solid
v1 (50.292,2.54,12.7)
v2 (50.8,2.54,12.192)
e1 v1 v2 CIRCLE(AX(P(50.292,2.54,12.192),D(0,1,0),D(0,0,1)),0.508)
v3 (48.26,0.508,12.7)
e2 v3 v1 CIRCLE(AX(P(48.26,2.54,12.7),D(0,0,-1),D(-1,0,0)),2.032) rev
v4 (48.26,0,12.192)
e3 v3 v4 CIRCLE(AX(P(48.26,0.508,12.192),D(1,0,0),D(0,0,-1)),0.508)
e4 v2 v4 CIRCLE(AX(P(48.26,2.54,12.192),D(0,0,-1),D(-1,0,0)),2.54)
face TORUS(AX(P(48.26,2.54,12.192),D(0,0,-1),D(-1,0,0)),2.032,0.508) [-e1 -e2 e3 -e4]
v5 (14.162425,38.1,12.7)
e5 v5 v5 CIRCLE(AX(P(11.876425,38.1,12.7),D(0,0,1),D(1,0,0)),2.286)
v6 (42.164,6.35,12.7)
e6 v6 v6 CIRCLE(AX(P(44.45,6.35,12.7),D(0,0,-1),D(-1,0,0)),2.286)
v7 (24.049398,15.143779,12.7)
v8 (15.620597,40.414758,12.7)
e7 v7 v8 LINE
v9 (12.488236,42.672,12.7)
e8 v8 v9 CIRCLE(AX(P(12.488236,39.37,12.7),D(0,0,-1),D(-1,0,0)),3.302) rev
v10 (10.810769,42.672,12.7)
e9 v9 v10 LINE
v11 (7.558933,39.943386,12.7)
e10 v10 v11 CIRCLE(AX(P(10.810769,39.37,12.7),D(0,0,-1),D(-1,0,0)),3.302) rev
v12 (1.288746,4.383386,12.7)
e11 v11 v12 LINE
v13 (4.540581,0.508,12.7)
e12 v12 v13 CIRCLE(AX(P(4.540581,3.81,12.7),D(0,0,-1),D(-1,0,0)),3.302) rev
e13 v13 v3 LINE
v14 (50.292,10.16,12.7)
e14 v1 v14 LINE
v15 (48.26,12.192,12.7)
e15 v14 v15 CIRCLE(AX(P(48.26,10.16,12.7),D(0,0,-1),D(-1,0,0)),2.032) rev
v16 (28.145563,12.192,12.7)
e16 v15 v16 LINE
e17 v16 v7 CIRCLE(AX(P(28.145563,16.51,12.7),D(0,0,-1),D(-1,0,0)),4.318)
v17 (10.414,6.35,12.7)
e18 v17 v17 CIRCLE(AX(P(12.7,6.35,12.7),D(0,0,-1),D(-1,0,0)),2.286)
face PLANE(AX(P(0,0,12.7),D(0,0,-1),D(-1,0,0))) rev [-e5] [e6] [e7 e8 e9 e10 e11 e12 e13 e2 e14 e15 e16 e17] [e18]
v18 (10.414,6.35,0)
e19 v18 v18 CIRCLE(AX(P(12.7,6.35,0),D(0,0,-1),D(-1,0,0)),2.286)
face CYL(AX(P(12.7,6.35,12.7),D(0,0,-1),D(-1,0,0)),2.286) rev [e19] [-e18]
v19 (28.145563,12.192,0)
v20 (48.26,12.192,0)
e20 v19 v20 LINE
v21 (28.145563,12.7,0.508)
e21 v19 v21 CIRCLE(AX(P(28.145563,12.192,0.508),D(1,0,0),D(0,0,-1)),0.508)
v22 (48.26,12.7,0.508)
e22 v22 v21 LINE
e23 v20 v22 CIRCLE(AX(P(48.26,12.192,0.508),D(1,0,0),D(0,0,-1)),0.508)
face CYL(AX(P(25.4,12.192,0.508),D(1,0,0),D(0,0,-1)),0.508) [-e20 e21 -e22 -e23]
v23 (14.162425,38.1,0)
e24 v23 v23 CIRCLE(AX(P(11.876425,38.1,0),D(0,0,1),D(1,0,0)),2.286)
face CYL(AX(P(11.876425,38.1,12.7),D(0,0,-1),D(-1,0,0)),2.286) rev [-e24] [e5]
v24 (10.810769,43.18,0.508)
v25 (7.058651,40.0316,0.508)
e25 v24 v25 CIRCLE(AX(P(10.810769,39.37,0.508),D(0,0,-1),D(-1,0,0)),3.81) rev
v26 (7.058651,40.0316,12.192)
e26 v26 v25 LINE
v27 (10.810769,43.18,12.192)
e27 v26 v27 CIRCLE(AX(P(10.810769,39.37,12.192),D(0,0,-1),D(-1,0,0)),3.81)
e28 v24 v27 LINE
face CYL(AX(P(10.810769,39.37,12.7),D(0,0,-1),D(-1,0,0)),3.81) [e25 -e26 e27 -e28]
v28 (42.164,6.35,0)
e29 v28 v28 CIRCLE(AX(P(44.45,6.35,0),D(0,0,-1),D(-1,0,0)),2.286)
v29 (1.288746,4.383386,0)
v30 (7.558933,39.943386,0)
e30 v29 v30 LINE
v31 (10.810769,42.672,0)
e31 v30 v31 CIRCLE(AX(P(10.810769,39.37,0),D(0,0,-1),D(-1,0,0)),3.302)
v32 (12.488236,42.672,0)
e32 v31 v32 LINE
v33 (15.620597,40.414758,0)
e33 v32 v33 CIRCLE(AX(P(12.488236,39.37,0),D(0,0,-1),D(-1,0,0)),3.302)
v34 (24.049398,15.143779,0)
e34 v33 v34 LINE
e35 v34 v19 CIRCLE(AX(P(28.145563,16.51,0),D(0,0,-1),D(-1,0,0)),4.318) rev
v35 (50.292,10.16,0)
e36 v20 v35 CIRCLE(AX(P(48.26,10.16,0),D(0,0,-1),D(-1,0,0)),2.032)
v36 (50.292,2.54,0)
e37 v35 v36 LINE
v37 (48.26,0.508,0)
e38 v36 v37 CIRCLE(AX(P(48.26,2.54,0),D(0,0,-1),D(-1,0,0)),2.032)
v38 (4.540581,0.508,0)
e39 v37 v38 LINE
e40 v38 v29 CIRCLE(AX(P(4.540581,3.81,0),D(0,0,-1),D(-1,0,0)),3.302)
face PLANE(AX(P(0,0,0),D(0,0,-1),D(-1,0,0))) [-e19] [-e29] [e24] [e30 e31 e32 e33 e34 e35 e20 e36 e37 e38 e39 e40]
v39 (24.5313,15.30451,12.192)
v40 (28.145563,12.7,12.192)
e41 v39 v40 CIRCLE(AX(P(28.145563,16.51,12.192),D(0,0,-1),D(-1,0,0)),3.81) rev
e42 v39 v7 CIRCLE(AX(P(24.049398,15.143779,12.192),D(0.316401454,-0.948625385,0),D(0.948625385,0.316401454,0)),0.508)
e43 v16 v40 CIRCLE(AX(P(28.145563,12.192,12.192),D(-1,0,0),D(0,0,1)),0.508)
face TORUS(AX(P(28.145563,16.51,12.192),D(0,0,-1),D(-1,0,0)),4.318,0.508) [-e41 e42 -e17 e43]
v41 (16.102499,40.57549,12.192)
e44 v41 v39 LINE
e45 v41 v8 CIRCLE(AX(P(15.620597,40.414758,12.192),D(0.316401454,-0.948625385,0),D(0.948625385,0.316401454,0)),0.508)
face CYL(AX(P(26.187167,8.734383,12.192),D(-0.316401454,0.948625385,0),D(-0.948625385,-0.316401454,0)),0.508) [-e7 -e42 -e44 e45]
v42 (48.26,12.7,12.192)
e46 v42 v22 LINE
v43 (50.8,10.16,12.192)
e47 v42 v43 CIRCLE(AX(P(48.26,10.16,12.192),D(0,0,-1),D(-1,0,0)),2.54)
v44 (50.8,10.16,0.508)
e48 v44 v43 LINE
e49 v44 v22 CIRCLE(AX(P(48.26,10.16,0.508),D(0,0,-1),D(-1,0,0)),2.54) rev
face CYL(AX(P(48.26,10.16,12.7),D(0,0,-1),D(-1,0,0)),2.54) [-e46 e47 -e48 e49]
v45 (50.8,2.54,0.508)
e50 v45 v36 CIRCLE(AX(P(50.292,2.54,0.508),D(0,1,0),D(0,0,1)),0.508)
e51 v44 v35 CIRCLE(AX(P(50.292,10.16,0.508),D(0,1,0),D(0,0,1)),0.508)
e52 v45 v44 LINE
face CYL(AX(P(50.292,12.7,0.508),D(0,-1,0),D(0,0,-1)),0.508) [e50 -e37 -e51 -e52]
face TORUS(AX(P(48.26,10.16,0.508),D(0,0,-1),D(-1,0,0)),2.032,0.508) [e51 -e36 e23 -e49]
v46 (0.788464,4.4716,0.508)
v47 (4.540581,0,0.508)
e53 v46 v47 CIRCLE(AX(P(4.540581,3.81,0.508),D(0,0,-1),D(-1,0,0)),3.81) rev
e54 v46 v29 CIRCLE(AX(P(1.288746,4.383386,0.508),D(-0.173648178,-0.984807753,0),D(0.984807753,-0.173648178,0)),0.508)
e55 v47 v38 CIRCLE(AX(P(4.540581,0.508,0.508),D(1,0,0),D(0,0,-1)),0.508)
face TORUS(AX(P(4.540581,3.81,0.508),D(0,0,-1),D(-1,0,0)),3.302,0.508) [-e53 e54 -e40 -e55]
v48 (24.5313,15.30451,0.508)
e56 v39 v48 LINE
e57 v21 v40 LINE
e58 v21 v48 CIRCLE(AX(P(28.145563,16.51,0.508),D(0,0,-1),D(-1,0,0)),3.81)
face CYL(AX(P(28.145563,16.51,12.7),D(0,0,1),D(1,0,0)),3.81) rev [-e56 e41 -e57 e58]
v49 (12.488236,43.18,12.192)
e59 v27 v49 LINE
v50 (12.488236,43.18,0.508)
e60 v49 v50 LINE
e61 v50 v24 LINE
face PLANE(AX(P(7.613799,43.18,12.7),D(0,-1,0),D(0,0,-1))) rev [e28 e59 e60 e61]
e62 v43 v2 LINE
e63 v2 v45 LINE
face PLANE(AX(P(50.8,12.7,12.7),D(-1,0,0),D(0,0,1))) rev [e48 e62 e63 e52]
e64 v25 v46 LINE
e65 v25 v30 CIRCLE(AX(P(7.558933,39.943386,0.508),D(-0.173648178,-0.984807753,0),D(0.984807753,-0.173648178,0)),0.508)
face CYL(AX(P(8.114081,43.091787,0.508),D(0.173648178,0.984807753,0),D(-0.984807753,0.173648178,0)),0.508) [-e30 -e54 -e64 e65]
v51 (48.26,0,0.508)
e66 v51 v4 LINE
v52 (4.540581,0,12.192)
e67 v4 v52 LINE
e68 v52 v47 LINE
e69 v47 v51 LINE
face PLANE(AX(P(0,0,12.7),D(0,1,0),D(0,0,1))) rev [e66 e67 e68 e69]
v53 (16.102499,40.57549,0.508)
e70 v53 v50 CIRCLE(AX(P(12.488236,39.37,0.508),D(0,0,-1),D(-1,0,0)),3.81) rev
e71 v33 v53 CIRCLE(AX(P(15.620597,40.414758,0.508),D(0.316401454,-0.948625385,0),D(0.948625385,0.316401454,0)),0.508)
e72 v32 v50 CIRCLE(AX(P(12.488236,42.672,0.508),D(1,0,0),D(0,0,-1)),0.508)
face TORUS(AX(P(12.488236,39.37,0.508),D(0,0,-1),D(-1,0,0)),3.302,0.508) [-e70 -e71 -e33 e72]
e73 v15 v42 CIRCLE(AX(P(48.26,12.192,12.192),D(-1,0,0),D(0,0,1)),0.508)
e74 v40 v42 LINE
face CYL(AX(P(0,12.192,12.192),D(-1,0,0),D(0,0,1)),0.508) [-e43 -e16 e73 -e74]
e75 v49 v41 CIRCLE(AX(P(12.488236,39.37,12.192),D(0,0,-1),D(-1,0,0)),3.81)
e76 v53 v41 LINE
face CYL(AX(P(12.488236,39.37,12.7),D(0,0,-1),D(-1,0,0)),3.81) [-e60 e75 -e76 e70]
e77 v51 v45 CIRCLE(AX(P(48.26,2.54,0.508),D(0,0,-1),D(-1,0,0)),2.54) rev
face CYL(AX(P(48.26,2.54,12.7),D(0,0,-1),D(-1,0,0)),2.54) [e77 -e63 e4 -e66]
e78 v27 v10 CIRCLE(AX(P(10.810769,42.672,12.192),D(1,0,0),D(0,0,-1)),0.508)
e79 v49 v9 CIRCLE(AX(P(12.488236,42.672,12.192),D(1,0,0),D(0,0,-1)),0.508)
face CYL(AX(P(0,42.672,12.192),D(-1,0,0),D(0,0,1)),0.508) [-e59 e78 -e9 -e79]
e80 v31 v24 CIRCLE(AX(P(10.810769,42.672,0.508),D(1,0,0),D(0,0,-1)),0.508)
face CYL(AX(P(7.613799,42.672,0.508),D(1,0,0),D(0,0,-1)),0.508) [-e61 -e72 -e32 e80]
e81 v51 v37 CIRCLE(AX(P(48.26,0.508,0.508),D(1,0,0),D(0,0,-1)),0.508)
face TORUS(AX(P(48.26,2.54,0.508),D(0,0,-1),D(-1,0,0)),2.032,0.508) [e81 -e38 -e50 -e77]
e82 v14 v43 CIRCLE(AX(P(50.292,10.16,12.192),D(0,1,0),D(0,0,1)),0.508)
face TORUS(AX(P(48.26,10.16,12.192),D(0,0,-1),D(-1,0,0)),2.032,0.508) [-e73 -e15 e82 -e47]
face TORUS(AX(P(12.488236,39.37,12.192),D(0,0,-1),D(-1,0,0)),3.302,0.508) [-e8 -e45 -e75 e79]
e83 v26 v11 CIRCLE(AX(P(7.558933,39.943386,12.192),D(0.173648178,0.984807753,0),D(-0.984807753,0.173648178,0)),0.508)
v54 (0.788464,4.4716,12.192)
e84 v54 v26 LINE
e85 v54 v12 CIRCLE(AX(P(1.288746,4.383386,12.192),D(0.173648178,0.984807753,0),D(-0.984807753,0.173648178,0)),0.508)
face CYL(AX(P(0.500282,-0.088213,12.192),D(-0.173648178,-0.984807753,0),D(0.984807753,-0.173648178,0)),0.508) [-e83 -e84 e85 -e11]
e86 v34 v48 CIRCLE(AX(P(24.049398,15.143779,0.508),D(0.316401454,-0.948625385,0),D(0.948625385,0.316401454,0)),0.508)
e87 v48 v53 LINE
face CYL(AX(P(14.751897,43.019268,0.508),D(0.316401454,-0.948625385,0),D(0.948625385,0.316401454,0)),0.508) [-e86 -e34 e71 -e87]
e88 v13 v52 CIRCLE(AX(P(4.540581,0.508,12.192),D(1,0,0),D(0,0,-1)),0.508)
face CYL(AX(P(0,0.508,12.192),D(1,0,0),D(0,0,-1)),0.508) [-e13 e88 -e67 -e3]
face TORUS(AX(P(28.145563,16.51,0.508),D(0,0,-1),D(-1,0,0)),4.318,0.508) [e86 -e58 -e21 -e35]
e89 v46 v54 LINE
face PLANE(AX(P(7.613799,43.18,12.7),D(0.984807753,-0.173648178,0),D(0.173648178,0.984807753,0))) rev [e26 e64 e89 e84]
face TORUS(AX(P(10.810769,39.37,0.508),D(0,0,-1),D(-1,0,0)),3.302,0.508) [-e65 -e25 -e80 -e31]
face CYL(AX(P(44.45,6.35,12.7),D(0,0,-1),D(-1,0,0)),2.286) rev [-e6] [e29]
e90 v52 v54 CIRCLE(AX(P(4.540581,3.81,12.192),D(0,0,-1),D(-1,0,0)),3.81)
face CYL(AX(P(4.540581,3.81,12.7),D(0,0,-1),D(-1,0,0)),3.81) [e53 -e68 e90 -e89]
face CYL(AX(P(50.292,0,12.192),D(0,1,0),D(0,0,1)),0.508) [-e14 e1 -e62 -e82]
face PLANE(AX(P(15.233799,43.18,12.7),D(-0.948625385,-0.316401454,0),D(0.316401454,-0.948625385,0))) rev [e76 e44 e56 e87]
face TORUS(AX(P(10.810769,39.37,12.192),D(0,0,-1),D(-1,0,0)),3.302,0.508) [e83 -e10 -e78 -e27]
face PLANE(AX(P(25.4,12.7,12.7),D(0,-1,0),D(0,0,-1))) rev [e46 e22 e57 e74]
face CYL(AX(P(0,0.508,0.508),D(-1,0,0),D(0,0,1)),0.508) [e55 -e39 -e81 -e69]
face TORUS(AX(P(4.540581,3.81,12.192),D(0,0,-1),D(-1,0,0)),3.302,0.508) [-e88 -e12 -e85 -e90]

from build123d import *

# Parameters (mm, degrees)
SKETCH1_R           = 2.286
BOSS_EXTRUDE1_DEPTH = 12.7
FILLET2_R           = 3.81
FILLET3_R           = 2.54
SKETCH6_R           = 2.286
CUT_EXTRUDE4_DEPTH  = 68.870777217
FILLET4_R           = 0.508


with BuildPart() as part:
    # Sketch1 → Boss-Extrude1 (new body)
    with BuildSketch(Plane.XY):
        Polygon((7.613799027, 43.18), (0, 0), (50.8, 0), (50.8, 12.7), (25.4, 12.7), (15.233799027, 43.18), align=None)
        with Locations((11.876425153, 38.1)):
            Circle(SKETCH1_R, mode=Mode.SUBTRACT)
    extrude(amount=BOSS_EXTRUDE1_DEPTH)

    # Fillet2
    fillet2_edges = [part.edges().sort_by_distance(p)[0] for p in [
        (0, 0, 6.35),
        (7.613799027, 43.18, 6.35),
        (15.233799027, 43.18, 6.35),
        (25.4, 12.7, 6.35),
    ]]
    fillet(fillet2_edges, radius=FILLET2_R)

    # Fillet3
    fillet3_edges = [part.edges().sort_by_distance(p)[0] for p in [
        (50.8, 12.7, 6.35),
        (50.8, 0, 6.35),
    ]]
    fillet(fillet3_edges, radius=FILLET3_R)

    # Sketch6 → Cut-Extrude4 (cut, through all)
    with BuildSketch(Plane(origin=(0, 0, 0), x_dir=(-1, 0, 0), z_dir=(0, 0, -1))):
        with Locations((-44.45, 6.35)):
            Circle(SKETCH6_R)
        with Locations((-12.7, 6.35)):
            Circle(SKETCH6_R)
    extrude(amount=-CUT_EXTRUDE4_DEPTH, mode=Mode.SUBTRACT)

    # Fillet4
    fillet4_edges = [part.edges().sort_by_distance(p)[0] for p in [
        (11.64950248, 43.18, 0),
        (11.64950248, 43.18, 12.7),
        (26.400290594, 0, 0),
        (3.923557366, 22.251599557, 0),
        (20.316899513, 27.94, 0),
        (8.361747829, 42.288629328, 0),
        (1.62195186, 1.360979207, 0),
        (14.715699565, 42.46103665, 0),
        (20.316899513, 27.94, 12.7),
        (26.400290594, 0, 12.7),
        (3.923557366, 22.251599557, 12.7),
        (8.361747829, 42.288629328, 12.7),
        (1.62195186, 1.360979207, 12.7),
        (14.715699565, 42.46103665, 12.7),
        (25.918099462, 13.41896335, 0),
        (25.918099462, 13.41896335, 12.7),
        (50.8, 6.35, 0),
        (50.8, 6.35, 12.7),
        (38.202781345, 12.7, 0),
        (50.056051224, 11.956051224, 0),
        (50.056051224, 0.743948776, 0),
        (38.202781345, 12.7, 12.7),
        (50.056051224, 11.956051224, 12.7),
        (50.056051224, 0.743948776, 12.7),
    ]]
    fillet(fillet4_edges, radius=FILLET4_R)


solid = part.part
